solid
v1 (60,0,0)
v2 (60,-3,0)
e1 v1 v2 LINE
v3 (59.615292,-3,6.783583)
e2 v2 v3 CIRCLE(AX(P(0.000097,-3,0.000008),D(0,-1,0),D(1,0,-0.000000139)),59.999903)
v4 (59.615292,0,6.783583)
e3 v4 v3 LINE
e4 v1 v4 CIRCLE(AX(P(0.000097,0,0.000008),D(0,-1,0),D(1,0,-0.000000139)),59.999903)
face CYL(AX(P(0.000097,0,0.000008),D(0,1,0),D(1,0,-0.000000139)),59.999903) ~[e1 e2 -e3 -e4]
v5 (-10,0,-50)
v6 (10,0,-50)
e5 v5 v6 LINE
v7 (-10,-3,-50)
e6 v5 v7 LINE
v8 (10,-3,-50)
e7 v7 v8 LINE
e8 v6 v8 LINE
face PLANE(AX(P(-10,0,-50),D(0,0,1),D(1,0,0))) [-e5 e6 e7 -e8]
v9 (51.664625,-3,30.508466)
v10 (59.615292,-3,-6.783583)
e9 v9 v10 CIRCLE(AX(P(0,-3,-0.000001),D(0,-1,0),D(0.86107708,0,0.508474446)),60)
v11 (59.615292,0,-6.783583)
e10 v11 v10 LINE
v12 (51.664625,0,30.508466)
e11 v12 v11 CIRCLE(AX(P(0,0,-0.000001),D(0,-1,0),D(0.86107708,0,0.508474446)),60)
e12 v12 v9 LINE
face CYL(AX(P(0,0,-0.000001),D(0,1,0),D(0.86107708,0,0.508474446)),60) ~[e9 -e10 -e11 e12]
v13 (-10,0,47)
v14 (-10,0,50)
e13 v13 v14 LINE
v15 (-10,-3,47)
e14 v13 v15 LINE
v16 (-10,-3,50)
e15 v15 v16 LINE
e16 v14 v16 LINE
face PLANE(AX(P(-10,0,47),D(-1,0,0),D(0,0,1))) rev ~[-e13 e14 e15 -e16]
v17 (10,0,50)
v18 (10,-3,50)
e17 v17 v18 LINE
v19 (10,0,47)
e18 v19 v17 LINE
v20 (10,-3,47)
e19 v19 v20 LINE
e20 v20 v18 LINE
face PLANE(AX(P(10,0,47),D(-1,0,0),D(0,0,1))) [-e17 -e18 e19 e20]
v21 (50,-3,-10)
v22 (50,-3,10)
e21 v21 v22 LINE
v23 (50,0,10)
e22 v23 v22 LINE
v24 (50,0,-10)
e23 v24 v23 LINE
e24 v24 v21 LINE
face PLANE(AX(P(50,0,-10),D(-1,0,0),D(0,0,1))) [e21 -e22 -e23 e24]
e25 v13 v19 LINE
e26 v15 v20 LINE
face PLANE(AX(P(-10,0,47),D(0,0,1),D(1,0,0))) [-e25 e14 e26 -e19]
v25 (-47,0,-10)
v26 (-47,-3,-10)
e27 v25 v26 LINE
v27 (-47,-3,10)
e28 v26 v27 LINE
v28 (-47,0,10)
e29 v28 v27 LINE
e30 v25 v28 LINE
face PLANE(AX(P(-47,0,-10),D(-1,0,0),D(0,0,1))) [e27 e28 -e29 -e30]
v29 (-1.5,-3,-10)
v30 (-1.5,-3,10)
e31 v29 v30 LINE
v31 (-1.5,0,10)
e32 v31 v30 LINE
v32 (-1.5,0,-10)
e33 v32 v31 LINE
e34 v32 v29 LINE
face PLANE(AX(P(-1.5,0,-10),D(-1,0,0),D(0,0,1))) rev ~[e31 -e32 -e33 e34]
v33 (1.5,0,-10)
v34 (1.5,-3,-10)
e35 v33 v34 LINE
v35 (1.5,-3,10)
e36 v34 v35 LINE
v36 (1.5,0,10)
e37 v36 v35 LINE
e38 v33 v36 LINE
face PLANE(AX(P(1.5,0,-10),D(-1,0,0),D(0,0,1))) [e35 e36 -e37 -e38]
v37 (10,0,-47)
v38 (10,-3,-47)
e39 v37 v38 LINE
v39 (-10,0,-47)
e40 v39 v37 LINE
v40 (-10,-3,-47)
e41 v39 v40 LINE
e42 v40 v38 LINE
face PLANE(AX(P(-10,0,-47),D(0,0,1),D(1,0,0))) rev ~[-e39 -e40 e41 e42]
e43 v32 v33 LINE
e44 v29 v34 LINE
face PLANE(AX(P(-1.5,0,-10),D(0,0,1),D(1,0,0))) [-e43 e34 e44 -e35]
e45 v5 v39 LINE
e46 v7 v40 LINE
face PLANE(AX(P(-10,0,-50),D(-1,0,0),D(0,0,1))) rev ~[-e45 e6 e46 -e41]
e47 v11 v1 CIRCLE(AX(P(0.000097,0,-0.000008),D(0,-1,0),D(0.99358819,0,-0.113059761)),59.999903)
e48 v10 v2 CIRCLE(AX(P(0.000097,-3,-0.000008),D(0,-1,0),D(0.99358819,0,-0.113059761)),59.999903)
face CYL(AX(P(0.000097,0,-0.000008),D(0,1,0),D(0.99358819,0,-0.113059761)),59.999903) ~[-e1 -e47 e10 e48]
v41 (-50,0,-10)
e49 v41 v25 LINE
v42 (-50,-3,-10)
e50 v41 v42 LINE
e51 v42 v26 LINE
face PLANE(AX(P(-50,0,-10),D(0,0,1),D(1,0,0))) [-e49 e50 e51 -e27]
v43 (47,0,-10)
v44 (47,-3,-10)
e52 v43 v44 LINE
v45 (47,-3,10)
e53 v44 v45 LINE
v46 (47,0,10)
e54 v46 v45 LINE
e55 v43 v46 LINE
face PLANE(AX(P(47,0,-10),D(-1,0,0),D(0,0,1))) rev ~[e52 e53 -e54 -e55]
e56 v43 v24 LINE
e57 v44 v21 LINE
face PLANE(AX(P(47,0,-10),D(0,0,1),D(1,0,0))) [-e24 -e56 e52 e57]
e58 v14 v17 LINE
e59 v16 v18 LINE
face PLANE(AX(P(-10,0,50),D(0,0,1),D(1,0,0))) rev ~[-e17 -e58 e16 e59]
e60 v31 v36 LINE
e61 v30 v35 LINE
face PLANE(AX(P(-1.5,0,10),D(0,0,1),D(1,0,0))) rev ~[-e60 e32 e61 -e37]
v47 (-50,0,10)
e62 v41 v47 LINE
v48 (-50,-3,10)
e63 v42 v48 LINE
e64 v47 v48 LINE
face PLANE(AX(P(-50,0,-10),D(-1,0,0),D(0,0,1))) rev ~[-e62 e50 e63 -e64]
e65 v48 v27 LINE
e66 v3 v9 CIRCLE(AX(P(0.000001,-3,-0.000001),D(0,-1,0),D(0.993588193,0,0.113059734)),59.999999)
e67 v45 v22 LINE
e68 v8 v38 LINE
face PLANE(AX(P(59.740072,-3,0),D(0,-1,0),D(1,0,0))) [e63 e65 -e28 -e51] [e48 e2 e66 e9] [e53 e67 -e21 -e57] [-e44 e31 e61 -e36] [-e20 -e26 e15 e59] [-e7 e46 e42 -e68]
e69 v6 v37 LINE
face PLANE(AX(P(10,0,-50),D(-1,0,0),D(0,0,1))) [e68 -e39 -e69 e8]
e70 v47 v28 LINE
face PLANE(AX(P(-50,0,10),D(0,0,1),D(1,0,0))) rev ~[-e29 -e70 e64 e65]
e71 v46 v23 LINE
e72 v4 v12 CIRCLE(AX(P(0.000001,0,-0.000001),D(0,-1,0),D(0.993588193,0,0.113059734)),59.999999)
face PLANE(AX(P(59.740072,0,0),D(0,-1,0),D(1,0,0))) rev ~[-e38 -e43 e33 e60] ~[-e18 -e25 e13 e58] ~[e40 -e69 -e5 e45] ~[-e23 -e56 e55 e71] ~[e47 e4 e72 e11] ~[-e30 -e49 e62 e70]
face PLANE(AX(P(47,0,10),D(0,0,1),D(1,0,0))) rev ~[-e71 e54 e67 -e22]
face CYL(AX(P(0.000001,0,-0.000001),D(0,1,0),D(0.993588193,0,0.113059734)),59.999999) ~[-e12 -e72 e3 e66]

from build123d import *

# Parameters (mm, degrees)
F0_W     = 20
F0_H     = 3
F0_W_2   = 3
F0_H_2   = 20
F1_DEPTH = 3
F2_DEPTH = 3


with BuildPart() as f1:
    # F0 (on Front) → F1 (new body)
    with BuildSketch(Plane.XZ):
        with BuildLine():
            ThreePointArc((59.615292, -6.783583), (59.903746, -3.397242), (60, 0))
            ThreePointArc((60, 0), (59.903746, 3.397242), (59.615292, 6.783583))
            Line((59.615292, 6.783583), (59.615292, -6.783583))
        make_face()
        with BuildLine():
            Line((59.615292, -6.783583), (59.615292, 6.783583))
            ThreePointArc((59.615292, 6.783583), (56.890443, 19.065086), (51.664625, 30.508466))
            ThreePointArc((51.664625, 30.508466), (-58.681166, -12.510827), (59.615292, -6.783583))
        make_face()
        with Locations((0, -48.5)):
            Rectangle(F0_W, F0_H, mode=Mode.SUBTRACT)
        with Locations((-48.5, 0)):
            Rectangle(F0_W_2, F0_H_2, mode=Mode.SUBTRACT)
        Rectangle(F0_W_2, F0_H_2, mode=Mode.SUBTRACT)
        with Locations((48.5, 0)):
            Rectangle(F0_W_2, F0_H_2, mode=Mode.SUBTRACT)
        with Locations((0, 48.5)):
            Rectangle(F0_W, F0_H, mode=Mode.SUBTRACT)
    extrude(amount=F1_DEPTH)

    # F0 (on Front) → F2 (join)
    with BuildSketch(Plane.XZ):
        with BuildLine():
            ThreePointArc((59.615292, -6.783583), (59.903746, -3.397242), (60, 0))
            ThreePointArc((60, 0), (59.903746, 3.397242), (59.615292, 6.783583))
            Line((59.615292, 6.783583), (59.615292, -6.783583))
        make_face()
        with BuildLine():
            Line((59.615292, -6.783583), (59.615292, 6.783583))
            ThreePointArc((59.615292, 6.783583), (56.890443, 19.065086), (51.664625, 30.508466))
            ThreePointArc((51.664625, 30.508466), (-58.681166, -12.510827), (59.615292, -6.783583))
        make_face()
        with Locations((0, -48.5)):
            Rectangle(F0_W, F0_H, mode=Mode.SUBTRACT)
        with Locations((-48.5, 0)):
            Rectangle(F0_W_2, F0_H_2, mode=Mode.SUBTRACT)
        Rectangle(F0_W_2, F0_H_2, mode=Mode.SUBTRACT)
        with Locations((48.5, 0)):
            Rectangle(F0_W_2, F0_H_2, mode=Mode.SUBTRACT)
        with Locations((0, 48.5)):
            Rectangle(F0_W, F0_H, mode=Mode.SUBTRACT)
    extrude(amount=F2_DEPTH)


solid = f1.part
